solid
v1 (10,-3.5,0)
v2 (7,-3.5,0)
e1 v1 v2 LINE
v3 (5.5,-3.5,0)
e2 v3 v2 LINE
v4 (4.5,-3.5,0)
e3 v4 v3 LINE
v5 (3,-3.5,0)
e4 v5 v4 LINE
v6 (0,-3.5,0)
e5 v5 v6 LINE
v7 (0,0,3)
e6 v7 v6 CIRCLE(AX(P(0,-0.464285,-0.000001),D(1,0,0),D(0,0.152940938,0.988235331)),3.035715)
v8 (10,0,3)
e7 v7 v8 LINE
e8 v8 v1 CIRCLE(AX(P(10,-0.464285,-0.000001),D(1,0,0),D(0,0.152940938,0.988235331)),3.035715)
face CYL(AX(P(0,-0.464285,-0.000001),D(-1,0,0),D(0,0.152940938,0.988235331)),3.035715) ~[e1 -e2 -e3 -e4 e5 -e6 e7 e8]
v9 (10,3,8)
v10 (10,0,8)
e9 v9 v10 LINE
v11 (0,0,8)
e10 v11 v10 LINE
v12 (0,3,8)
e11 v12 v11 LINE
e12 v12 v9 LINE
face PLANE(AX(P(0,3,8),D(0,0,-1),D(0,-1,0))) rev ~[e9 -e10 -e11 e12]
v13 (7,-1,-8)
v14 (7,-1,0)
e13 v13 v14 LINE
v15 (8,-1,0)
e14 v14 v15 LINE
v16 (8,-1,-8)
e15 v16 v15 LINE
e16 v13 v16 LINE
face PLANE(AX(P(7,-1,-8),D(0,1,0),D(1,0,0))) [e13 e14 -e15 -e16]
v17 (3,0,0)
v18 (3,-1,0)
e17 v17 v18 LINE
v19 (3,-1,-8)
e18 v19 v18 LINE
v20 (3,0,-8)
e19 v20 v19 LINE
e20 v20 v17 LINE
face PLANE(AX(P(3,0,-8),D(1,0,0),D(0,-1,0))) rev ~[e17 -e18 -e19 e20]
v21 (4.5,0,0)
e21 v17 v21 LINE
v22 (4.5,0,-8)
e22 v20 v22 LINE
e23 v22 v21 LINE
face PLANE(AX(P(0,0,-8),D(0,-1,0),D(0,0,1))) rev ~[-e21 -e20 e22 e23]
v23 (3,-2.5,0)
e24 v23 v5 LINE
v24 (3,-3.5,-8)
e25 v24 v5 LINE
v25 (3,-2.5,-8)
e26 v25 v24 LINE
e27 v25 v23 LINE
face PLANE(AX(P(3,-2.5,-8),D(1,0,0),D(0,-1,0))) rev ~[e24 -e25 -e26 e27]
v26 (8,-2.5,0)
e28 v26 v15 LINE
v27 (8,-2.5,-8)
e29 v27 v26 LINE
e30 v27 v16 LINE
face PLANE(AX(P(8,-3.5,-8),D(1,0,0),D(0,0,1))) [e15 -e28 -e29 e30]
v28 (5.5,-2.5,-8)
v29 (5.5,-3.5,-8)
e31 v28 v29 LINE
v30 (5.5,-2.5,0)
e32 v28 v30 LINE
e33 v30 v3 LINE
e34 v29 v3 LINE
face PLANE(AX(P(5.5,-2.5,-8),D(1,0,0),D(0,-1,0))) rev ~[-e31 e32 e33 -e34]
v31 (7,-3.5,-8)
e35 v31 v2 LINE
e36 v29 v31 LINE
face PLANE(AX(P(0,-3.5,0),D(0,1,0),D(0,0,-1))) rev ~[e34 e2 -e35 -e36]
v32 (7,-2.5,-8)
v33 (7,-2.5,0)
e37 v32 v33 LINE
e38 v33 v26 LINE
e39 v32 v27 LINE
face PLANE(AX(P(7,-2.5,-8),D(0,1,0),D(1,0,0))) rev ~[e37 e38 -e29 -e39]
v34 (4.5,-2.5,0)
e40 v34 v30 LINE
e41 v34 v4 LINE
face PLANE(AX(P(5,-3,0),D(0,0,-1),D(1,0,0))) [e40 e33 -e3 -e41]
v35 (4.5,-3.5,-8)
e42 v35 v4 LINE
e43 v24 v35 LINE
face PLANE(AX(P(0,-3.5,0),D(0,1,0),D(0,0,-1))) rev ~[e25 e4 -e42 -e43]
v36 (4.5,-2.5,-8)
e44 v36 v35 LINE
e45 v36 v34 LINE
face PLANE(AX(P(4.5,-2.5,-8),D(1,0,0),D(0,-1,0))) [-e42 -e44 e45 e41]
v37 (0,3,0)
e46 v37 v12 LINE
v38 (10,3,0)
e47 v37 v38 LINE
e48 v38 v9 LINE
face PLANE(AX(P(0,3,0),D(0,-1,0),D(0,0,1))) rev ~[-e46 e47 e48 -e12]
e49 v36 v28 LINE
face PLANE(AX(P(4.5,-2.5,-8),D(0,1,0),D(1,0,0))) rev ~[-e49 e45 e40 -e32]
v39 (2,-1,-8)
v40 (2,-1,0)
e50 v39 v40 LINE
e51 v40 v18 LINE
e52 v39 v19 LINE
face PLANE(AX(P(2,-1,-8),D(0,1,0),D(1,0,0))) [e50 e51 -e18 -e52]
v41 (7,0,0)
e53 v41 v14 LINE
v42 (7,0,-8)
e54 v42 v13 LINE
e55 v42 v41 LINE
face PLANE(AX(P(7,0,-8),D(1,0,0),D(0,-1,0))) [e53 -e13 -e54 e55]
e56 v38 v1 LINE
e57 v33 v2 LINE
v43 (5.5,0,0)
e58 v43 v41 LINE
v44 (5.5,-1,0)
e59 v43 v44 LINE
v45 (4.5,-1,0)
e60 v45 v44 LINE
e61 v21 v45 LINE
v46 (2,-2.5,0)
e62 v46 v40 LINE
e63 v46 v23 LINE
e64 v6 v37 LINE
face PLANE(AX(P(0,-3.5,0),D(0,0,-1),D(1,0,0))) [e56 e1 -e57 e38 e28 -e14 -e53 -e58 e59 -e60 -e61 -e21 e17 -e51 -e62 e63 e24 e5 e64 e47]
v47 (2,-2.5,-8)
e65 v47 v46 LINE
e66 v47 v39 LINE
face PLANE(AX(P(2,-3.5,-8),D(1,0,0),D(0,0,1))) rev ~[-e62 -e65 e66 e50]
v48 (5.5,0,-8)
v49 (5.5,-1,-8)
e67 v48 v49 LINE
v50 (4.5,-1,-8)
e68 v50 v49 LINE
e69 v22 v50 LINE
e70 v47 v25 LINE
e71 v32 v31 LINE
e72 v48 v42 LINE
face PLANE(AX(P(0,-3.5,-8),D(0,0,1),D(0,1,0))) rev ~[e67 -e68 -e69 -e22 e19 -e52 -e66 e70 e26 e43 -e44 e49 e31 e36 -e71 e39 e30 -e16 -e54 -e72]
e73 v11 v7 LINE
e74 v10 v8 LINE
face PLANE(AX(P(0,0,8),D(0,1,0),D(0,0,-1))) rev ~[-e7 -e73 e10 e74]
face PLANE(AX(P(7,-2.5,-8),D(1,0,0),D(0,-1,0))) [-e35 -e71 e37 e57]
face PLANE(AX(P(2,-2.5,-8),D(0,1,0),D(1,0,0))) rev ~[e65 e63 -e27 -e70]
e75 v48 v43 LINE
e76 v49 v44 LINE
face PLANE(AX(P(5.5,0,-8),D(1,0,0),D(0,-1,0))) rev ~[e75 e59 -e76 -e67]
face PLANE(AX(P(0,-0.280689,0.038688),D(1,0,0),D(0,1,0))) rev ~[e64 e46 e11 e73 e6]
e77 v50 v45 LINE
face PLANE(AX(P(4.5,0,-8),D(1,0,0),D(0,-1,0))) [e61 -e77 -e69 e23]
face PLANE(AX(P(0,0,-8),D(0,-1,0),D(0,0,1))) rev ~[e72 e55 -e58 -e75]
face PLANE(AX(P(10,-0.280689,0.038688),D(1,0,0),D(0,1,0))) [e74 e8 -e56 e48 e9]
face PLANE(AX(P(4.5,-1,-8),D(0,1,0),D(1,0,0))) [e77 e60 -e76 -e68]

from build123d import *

# Parameters (mm, degrees)
F1_DEPTH = 10
F2_W     = 2
F2_H     = 8
F3_DEPTH = 6.501
F4_W     = 1
F4_H     = 1
F5_DEPTH = 8


with BuildPart() as f1:
    # F0 (on Right) → F1 (new body)
    with BuildSketch(Plane.YZ):
        with BuildLine():
            Line((-3.5, -8), (0, -8))
            Line((0, -8), (0, 0))
            Line((0, 0), (3, 0))
            Line((3, 0), (3, 8))
            Line((3, 8), (0, 8))
            Line((0, 8), (0, 3))
            ThreePointArc((0, 3), (-2.439902, 2.304886), (-3.5, 0))
            Line((-3.5, 0), (-3.5, -8))
        make_face()
    extrude(amount=F1_DEPTH)

    # F2 (on face) → F3 (cut, through all)
    with BuildSketch(Plane.XZ.offset(3.5)):
        with Locations((1, -4)):
            Rectangle(F2_W, F2_H)
        with Locations((9, -4)):
            Rectangle(F2_W, F2_H)
    extrude(amount=-F3_DEPTH, mode=Mode.SUBTRACT)

    # F4 (on face) → F5 (cut)
    with BuildSketch(Plane(origin=(0, 0, -8), x_dir=(1, 0, 0), z_dir=(0, 0, -1))):
        with Locations((2.5, 3)):
            Rectangle(F4_W, F4_H)
        with Locations((2.5, 0.5)):
            Rectangle(F4_W, F4_H)
        with Locations((7.5, 0.5)):
            Rectangle(F4_W, F4_H)
        with Locations((7.5, 3)):
            Rectangle(F4_W, F4_H)
        with Locations((5, 3)):
            Rectangle(F4_W, F4_H)
        with Locations((5, 0.5)):
            Rectangle(F4_W, F4_H)
    extrude(amount=-F5_DEPTH, mode=Mode.SUBTRACT)


solid = f1.part
